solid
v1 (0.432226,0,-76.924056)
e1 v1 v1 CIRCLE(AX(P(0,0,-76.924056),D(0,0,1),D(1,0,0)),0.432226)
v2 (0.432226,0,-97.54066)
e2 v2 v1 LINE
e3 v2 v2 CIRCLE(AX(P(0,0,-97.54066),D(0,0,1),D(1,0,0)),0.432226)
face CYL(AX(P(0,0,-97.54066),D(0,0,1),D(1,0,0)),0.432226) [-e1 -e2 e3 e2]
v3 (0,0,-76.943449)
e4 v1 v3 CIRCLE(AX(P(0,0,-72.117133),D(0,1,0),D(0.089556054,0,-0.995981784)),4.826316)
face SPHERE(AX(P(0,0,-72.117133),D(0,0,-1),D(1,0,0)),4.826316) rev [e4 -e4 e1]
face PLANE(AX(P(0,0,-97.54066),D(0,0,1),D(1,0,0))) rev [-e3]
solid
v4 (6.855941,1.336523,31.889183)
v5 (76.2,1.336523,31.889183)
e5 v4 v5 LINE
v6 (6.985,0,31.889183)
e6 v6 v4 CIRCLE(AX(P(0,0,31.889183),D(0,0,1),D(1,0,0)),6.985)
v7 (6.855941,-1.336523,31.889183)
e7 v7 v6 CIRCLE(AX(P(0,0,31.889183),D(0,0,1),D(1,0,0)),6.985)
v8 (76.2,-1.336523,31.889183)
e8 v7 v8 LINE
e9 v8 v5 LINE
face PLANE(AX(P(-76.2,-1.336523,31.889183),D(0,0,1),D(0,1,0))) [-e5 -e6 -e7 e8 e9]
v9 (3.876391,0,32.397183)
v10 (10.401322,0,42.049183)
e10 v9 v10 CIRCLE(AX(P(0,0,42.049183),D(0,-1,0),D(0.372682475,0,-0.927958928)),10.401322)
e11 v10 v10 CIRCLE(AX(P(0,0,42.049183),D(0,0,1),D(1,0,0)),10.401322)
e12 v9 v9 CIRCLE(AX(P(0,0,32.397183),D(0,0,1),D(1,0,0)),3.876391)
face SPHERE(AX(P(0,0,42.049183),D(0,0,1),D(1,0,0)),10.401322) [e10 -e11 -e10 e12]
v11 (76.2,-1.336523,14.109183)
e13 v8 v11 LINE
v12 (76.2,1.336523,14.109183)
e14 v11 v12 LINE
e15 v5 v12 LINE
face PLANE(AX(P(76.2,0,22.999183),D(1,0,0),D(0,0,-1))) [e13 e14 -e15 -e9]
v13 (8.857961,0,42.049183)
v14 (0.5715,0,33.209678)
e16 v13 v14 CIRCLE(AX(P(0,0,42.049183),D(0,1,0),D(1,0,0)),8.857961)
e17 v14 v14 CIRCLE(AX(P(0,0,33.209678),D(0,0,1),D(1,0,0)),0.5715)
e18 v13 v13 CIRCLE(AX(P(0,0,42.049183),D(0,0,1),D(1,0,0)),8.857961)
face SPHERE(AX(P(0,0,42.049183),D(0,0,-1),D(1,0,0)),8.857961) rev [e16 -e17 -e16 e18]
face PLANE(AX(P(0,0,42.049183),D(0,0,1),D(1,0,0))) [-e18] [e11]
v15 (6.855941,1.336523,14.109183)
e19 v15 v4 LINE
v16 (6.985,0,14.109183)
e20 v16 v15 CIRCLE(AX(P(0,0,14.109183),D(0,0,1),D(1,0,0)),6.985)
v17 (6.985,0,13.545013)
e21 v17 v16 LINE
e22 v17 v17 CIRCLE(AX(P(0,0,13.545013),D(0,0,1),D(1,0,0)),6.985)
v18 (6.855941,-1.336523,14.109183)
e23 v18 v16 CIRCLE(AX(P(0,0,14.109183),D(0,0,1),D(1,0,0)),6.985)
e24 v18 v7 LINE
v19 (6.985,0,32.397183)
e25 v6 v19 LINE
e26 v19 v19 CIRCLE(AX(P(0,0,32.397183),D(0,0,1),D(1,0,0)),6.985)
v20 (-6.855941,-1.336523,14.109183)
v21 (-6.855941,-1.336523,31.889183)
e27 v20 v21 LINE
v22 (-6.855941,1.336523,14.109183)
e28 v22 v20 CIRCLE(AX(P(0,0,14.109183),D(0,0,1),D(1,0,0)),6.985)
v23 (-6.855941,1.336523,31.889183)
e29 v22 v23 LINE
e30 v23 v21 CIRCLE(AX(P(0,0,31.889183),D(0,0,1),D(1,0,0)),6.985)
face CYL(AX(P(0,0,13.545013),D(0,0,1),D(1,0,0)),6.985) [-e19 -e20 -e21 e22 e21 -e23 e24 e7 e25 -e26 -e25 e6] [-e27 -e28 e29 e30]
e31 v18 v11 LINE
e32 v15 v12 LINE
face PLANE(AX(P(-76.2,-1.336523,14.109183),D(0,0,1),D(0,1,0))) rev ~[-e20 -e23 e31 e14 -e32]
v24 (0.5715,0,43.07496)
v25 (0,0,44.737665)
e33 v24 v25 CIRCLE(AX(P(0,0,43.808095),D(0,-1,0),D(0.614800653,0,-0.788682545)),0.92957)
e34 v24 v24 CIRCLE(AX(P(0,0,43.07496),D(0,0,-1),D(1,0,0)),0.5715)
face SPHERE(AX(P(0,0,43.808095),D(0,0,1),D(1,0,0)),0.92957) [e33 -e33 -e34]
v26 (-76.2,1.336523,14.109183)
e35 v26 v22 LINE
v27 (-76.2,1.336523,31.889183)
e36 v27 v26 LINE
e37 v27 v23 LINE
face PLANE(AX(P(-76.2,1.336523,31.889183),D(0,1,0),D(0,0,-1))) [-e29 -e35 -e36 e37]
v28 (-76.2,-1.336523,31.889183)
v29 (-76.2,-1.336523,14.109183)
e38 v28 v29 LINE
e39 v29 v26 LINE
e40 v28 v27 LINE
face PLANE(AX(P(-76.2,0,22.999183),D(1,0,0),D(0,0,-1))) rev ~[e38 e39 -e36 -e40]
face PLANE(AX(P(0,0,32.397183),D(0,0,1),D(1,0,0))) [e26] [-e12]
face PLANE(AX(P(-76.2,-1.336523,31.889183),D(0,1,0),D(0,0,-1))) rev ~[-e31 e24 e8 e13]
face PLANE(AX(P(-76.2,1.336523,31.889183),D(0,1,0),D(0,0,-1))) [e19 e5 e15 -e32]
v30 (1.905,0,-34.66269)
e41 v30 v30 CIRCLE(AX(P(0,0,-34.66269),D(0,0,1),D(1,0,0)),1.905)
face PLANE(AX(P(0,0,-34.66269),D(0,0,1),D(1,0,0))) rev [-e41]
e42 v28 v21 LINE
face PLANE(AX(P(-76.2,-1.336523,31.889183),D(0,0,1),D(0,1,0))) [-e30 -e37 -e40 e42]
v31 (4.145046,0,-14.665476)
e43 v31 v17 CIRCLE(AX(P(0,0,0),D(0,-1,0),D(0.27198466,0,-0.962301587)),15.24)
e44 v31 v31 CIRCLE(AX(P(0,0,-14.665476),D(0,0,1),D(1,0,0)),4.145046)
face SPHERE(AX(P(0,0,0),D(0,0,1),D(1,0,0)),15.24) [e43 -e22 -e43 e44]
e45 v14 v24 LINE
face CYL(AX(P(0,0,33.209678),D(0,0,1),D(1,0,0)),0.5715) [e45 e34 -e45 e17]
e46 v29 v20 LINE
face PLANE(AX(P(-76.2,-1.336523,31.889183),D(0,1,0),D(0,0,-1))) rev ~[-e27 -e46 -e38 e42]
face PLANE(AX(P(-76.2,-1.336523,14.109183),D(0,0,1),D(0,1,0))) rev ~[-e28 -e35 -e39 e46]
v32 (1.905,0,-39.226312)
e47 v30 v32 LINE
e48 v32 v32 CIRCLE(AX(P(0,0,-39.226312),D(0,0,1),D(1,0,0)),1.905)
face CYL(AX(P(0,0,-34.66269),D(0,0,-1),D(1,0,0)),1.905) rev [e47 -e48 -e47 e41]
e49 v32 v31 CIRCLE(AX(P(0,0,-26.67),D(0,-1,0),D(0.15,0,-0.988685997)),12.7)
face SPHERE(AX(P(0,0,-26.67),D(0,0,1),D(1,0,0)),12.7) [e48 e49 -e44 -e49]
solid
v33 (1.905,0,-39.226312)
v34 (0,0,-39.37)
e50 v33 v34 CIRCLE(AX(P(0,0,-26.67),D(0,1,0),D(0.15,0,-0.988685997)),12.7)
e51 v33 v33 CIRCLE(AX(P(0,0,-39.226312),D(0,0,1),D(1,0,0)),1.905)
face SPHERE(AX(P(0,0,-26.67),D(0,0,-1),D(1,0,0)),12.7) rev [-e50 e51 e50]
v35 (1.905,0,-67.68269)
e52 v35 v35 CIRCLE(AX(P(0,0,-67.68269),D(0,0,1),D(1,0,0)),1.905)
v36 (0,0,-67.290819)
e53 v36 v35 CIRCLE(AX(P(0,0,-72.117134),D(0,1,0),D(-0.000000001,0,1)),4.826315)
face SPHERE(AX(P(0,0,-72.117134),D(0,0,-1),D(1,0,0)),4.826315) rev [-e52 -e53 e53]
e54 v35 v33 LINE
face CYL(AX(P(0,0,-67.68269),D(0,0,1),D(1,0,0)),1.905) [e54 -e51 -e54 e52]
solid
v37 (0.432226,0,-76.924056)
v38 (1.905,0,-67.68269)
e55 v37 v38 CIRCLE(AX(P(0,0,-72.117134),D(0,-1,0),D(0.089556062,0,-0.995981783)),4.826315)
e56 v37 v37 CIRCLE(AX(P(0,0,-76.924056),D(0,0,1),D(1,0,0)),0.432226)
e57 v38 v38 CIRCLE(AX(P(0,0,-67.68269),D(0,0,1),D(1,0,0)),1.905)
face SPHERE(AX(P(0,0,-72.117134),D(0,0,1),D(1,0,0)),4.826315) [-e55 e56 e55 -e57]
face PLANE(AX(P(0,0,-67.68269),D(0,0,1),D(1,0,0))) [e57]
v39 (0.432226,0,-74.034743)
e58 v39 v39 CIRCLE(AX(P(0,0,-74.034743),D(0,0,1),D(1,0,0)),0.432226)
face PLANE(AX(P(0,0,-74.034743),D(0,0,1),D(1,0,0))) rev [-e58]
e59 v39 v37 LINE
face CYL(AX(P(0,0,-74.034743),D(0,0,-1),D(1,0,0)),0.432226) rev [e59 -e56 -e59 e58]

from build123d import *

# Parameters (mm, degrees)
BOSS_EXTRUDE1_DEPTH      = 76.2
BOSS_EXTRUDE1_DEPTH_BACK = 76.2
SKETCH5_W                = 17.78
SKETCH5_H                = 2.673046564


with BuildPart() as part:
    # Sketch2 → Revolve3 (revolve)
    with BuildSketch(Plane(origin=(0, 0, 0), x_dir=(1, 0, 0), z_dir=(0, 1, 0))):
        with BuildLine():
            ThreePointArc((-3.876390583, -32.397183493), (-8.617049849, -36.223897247), (-10.401322414, -42.049183493))
            Line((-10.401322414, -42.049183493), (-8.857960585, -42.049183493))
            ThreePointArc((-8.857960585, -42.049183493), (-6.462421767, -35.991083905), (-0.5715, -33.20967822))
            Line((-0.5715, -33.20967822), (-0.5715, -43.074960129))
            ThreePointArc((-0.5715, -43.074960129), (-0.879090428, -44.110253802), (0, -44.737665056))
            Line((0, -44.737665056), (0, 34.662689732))
            Line((0, 34.662689732), (-1.905, 34.662689732))
            Line((-1.905, 34.662689732), (-1.905, 39.226312158))
            ThreePointArc((-1.905, 39.226312158), (-12.647506894, 27.823503079), (-4.145046213, 14.66547619))
            ThreePointArc((-4.145046213, 14.66547619), (-15.16335735, 1.526497253), (-6.985, -13.54501292))
            Line((-6.985, -13.54501292), (-6.985, -32.397183493))
            Line((-6.985, -32.397183493), (-3.876390583, -32.397183493))
        make_face()
        with BuildLine():
            Line((-1.905, 67.682689732), (-1.905, 39.226312158))
            ThreePointArc((-1.905, 39.226312158), (-0.955205632, 39.334027093), (0, 39.37))
            Line((0, 39.37), (0, 67.290818504))
            ThreePointArc((0, 67.290818504), (-0.972443836, 67.389801329), (-1.905, 67.682689732))
        make_face()
        with BuildLine():
            ThreePointArc((-0.432225774, 76.924055539), (-4.766168962, 72.876706488), (-1.905, 67.682689732))
            Line((-1.905, 67.682689732), (0, 67.682689732))
            Line((0, 67.682689732), (0, 74.03474257))
            Line((0, 74.03474257), (-0.432225774, 74.03474257))
            Line((-0.432225774, 74.03474257), (-0.432225774, 76.924055539))
        make_face()
        with BuildLine():
            Line((-0.432225774, 97.540660197), (-0.432225774, 76.924055539))
            ThreePointArc((-0.432225774, 76.924055539), (-0.216330312, 76.938597987), (0, 76.943448721))
            Line((0, 76.943448721), (0, 97.540660197))
            Line((0, 97.540660197), (-0.432225774, 97.540660197))
        make_face()
    revolve(axis=Axis((0, 0, -98.635274561), (0, 0, 1)))

    # Sketch5 → Boss-Extrude1 (add, two sides: drawn at the far end of the back side and taken through both)
    with BuildSketch(Plane(origin=(0, 0, 0), x_dir=(0, 0, -1), z_dir=(1, 0, 0)).offset(-BOSS_EXTRUDE1_DEPTH_BACK)):
        with Locations((-22.999183493, 0)):
            Rectangle(SKETCH5_W, SKETCH5_H)
    extrude(amount=BOSS_EXTRUDE1_DEPTH + BOSS_EXTRUDE1_DEPTH_BACK)


solid = part.part
